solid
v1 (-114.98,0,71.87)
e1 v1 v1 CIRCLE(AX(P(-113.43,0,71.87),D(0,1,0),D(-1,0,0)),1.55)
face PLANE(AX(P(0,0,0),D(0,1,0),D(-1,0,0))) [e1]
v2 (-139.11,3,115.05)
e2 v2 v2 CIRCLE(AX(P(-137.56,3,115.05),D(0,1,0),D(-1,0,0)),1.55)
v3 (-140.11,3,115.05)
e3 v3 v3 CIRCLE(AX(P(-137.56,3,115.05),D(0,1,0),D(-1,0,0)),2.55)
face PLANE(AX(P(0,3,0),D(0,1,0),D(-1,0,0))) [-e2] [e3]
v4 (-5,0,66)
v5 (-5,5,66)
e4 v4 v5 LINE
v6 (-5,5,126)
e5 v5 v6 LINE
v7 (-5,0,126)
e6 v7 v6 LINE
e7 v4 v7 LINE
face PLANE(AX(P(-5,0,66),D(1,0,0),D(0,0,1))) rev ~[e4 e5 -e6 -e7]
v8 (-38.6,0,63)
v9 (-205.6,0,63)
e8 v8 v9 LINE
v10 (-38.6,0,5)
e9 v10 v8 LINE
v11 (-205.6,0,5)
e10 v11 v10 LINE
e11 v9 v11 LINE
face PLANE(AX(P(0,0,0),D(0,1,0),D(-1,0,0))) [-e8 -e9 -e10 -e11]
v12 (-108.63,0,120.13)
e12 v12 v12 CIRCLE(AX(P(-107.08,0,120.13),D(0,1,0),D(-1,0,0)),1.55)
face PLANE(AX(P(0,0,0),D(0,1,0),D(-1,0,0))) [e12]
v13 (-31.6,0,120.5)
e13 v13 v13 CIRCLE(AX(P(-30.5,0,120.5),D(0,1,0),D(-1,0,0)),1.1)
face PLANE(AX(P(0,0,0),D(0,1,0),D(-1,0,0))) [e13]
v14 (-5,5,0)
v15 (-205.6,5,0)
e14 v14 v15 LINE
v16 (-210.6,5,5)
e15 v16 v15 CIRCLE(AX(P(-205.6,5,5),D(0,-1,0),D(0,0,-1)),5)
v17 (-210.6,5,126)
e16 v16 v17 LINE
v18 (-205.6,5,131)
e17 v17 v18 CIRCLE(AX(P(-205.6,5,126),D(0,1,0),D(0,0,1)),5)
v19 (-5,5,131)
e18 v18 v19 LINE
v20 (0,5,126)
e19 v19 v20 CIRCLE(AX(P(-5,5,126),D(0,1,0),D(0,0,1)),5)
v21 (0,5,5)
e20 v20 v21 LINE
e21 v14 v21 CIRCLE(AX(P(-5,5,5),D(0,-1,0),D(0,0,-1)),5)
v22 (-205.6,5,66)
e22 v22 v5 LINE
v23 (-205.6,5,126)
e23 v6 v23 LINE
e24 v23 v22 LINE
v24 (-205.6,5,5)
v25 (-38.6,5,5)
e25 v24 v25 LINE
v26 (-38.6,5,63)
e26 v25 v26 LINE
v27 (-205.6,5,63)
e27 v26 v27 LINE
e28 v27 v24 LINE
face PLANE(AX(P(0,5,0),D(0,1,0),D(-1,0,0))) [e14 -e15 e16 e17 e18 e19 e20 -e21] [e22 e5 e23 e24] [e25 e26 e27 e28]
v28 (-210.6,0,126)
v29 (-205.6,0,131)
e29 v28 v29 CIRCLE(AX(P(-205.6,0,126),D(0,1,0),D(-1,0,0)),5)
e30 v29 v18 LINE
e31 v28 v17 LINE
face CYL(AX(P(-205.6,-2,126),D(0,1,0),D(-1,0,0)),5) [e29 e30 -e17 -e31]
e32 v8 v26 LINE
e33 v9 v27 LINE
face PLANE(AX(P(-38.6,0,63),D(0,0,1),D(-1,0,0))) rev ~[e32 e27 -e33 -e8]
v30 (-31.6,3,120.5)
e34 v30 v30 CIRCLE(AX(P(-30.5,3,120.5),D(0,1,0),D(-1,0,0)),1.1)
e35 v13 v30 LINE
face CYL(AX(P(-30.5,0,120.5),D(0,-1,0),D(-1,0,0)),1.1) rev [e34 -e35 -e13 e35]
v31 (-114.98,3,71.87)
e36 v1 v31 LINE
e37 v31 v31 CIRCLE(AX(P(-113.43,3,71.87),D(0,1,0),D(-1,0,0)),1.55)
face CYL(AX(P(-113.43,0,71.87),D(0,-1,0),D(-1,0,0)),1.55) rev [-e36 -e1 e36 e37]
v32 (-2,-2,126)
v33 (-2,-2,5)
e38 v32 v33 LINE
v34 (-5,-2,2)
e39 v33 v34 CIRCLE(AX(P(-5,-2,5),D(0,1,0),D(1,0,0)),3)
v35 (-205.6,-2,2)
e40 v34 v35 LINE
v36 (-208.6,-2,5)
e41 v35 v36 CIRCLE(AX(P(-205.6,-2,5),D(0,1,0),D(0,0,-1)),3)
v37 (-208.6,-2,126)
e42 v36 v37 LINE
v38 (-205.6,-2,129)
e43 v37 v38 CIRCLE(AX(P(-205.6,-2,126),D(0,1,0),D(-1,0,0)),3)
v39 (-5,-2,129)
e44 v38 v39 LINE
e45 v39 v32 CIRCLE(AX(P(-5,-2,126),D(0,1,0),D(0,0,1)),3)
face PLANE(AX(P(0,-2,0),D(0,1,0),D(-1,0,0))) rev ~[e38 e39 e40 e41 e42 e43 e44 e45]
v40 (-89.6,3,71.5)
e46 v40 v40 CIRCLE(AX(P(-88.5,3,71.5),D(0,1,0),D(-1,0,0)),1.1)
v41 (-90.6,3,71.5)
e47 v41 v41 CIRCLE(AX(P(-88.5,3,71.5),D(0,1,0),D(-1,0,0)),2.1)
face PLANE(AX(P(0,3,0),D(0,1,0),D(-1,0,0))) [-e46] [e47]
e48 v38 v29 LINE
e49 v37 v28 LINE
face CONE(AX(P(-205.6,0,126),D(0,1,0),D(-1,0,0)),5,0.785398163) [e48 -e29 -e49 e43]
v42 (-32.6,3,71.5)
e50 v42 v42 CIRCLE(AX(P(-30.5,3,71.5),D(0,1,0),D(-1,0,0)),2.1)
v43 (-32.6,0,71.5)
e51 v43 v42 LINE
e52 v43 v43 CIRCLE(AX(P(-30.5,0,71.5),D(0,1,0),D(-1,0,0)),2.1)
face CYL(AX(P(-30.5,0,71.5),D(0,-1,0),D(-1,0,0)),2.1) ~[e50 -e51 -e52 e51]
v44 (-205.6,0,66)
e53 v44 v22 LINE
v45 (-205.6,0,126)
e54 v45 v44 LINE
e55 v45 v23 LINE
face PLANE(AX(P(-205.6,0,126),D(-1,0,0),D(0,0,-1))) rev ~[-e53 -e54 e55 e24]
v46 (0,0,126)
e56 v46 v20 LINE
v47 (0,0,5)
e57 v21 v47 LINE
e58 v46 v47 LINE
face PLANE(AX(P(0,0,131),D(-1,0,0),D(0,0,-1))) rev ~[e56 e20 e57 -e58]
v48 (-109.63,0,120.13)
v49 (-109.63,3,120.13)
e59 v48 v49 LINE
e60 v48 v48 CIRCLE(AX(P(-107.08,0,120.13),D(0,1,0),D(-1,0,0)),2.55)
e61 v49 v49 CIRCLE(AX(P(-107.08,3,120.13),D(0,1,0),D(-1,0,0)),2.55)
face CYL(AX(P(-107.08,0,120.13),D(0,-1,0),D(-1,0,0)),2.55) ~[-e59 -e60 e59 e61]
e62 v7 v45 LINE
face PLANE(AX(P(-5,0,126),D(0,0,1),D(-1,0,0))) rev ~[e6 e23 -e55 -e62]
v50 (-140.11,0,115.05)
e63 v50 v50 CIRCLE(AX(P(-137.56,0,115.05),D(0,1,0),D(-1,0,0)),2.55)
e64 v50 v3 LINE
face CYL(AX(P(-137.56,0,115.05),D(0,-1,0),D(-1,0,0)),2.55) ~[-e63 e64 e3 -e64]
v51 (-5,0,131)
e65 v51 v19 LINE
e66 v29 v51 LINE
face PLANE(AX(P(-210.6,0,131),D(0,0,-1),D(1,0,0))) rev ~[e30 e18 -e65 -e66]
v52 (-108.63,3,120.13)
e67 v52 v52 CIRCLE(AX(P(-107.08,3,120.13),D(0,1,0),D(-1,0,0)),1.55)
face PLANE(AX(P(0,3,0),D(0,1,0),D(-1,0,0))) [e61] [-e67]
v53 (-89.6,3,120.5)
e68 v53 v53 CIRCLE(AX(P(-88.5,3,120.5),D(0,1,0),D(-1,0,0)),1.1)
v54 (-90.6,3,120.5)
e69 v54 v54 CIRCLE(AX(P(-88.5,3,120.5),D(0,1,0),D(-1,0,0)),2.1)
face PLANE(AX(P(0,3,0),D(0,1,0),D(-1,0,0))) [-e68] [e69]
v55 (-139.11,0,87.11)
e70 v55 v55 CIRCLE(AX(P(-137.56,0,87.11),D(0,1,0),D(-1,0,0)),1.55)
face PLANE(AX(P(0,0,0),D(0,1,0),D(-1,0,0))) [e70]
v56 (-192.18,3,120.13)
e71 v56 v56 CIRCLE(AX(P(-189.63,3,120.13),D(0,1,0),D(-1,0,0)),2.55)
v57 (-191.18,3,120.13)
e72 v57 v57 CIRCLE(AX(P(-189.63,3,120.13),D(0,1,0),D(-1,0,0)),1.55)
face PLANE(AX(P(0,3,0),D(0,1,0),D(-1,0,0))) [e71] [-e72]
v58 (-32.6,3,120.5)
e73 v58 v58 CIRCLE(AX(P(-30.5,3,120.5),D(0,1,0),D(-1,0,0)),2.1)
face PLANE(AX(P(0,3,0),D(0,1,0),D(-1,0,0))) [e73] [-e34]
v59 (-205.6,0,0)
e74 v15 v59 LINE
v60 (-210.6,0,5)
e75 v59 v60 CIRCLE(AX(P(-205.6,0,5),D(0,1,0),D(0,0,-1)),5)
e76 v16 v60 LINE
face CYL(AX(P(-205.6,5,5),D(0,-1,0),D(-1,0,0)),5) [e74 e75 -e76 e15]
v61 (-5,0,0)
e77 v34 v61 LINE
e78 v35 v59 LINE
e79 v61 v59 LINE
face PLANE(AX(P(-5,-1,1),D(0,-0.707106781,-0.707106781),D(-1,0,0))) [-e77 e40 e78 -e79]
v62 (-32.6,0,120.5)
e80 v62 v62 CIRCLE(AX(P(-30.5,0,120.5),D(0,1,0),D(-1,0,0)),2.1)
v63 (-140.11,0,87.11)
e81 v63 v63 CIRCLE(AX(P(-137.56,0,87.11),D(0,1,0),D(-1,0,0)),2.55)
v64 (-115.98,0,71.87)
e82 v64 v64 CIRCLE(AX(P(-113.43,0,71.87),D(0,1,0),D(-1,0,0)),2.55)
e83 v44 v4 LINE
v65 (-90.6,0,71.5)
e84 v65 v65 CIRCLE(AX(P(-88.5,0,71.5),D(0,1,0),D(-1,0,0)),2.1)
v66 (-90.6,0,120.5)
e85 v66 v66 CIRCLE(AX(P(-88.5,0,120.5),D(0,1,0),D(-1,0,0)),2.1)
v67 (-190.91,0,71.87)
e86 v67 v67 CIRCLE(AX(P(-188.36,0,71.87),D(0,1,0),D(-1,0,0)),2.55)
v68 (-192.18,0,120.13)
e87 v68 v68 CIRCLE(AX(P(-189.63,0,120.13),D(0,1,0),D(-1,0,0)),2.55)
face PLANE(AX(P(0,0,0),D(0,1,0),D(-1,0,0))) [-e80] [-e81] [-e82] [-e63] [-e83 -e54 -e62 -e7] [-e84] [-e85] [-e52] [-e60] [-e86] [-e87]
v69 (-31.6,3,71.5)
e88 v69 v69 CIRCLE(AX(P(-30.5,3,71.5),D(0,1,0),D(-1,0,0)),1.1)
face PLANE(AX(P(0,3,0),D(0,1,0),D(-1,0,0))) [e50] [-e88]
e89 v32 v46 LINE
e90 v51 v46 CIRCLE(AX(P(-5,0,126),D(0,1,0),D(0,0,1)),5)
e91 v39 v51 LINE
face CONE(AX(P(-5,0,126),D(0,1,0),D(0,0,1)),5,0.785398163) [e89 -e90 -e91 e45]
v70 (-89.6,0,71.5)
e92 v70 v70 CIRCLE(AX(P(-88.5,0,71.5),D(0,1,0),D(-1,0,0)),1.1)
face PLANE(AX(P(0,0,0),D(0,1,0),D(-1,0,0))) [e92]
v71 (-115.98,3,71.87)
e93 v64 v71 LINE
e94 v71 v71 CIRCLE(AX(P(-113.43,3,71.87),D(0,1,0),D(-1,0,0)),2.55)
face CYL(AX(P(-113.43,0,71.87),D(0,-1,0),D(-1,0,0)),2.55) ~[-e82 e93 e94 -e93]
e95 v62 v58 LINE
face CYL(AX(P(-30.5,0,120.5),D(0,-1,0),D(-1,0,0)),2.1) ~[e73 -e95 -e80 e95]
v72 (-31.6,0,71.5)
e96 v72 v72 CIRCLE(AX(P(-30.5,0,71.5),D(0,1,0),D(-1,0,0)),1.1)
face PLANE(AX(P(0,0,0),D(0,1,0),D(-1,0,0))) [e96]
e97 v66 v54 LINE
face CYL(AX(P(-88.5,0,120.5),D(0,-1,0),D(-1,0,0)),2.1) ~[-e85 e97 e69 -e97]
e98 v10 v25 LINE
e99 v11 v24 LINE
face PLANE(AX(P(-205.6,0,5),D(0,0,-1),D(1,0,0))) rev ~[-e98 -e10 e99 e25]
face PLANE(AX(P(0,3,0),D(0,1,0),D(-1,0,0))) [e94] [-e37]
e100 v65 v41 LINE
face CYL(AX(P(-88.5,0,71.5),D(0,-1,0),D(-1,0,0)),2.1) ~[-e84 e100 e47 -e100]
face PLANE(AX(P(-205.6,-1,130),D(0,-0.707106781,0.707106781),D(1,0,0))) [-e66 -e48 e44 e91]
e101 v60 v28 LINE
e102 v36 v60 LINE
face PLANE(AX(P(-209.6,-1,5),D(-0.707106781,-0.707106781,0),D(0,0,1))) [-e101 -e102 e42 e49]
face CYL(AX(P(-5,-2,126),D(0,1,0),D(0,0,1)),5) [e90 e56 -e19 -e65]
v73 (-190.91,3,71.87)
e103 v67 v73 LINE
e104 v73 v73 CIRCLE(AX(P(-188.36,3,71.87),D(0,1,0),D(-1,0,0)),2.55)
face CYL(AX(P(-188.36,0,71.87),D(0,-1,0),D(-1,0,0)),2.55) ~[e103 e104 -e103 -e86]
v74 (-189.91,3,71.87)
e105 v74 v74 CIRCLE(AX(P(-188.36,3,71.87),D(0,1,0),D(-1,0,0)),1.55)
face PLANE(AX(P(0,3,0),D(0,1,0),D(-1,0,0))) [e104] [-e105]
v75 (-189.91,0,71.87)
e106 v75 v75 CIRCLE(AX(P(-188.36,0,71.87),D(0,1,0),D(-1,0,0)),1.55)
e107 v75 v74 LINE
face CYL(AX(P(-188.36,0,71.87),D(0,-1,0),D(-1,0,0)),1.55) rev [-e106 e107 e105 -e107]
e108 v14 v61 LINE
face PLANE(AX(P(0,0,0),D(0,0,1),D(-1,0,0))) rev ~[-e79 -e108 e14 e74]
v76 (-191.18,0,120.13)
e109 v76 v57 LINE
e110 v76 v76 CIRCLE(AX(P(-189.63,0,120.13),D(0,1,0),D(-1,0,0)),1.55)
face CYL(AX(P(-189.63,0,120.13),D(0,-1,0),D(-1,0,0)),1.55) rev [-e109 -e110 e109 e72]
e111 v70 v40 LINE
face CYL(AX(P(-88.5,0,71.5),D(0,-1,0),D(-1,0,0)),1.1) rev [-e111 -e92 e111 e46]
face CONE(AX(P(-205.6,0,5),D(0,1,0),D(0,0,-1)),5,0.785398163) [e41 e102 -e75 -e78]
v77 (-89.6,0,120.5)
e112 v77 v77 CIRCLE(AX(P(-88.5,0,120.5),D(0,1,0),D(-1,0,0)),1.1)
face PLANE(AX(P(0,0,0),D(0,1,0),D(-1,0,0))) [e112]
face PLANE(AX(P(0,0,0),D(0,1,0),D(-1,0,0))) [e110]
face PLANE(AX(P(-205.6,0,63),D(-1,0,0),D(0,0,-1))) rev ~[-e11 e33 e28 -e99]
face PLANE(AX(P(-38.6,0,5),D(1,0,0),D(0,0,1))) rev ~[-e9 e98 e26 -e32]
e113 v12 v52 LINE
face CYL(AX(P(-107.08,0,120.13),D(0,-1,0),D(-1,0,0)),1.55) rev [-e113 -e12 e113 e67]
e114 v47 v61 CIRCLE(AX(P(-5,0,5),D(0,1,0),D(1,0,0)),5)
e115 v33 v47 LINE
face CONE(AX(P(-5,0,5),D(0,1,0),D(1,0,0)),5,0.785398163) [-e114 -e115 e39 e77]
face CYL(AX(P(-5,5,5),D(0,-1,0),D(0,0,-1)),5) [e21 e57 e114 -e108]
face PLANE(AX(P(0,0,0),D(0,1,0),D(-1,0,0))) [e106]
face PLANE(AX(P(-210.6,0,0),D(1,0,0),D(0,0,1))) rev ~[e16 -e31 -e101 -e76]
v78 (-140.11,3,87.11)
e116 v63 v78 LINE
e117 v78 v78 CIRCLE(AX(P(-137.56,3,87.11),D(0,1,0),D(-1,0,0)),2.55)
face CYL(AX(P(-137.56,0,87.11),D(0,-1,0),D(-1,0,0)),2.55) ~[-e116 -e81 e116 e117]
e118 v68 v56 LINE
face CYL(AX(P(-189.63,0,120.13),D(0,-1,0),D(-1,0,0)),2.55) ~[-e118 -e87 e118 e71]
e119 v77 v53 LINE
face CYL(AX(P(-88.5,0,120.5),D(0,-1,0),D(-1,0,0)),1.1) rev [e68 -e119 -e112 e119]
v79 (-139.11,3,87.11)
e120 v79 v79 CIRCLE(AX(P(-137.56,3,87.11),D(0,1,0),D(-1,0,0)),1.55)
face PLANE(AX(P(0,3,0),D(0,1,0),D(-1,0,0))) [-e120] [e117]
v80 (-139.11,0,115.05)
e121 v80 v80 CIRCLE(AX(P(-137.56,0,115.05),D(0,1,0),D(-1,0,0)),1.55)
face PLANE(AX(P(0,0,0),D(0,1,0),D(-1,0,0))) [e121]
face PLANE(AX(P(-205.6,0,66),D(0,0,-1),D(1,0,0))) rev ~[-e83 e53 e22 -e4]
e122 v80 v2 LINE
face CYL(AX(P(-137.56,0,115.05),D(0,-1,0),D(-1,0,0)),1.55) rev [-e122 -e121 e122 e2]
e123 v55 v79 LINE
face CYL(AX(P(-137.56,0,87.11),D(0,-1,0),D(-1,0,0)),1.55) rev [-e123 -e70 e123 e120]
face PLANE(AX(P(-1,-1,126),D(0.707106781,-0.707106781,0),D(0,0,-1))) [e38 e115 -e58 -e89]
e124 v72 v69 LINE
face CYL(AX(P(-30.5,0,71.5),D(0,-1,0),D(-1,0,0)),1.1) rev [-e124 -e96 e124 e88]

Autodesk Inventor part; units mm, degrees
ref_plane "YZ Plane" through (0, 0, 0) normal (1, 0, 0) x (0, 1, 0)
ref_plane "XZ Plane" through (0, 0, 0) normal (0, 1, 0) x (-1, 0, 0)
ref_plane "XY Plane" through (0, 0, 0) normal (0, 0, 1) x (1, 0, 0)
sketch "Sketch1" plane through (0, 0, 0) normal (0, 1, 0) x (-1, 0, 0)
  line L0 (210.6, 131) -> (0, 131)
  line L1 (0, 131) -> (0, 0)
  line L2 (0, 0) -> (210.6, 0)
  line L3 (210.6, 0) -> (210.6, 131)
  line L4 (92, 68) -> (7, 68) construction
  line L5 (7, 68) -> (7, 124) construction
  line L6 (7, 124) -> (92, 124) construction
  line L7 (92, 124) -> (92, 68) construction
  circle A0 centre (88.5, 71.5) radius 1.1
  circle A1 centre (88.5, 120.5) radius 1.1
  circle A2 centre (30.5, 71.5) radius 1.1
  circle A3 centre (30.5, 120.5) radius 1.1
  line L8 (0, 0) -> (-136.9444, 0) construction
  line L9 (0, 0) -> (0, -49.9102) construction
  circle A4 centre (88.5, 71.5) radius 2.1
  circle A5 centre (88.5, 120.5) radius 2.1
  circle A6 centre (30.5, 71.5) radius 2.1
  circle A7 centre (30.5, 120.5) radius 2.1
  line L10 (205.6, 66) -> (5, 66)
  line L11 (5, 66) -> (5, 126)
  line L12 (5, 126) -> (205.6, 126)
  line L13 (205.6, 126) -> (205.6, 66)
  line L14 (203.6, 69.33) -> (102, 69.33) construction
  line L15 (102, 69.33) -> (102, 122.67) construction
  line L16 (102, 122.67) -> (203.6, 122.67) construction
  line L17 (203.6, 122.67) -> (203.6, 69.33) construction
  line L18 (205.6, 5) -> (38.6, 5)
  line L19 (38.6, 5) -> (38.6, 63)
  line L20 (38.6, 63) -> (205.6, 63)
  line L21 (205.6, 63) -> (205.6, 5)
  circle A8 centre (188.36, 71.87) radius 2.55
  circle A9 centre (188.36, 71.87) radius 1.55
  circle A10 centre (113.43, 71.87) radius 2.55
  circle A11 centre (113.43, 71.87) radius 1.55
  circle A12 centre (189.63, 120.13) radius 1.55
  circle A13 centre (107.08, 120.13) radius 2.55
  circle A14 centre (189.63, 120.13) radius 2.55
  circle A15 centre (107.08, 120.13) radius 1.55
  circle A16 centre (137.56, 115.05) radius 2.55
  circle A17 centre (137.56, 115.05) radius 1.55
  circle A18 centre (137.56, 87.11) radius 2.55
  circle A19 centre (137.56, 87.11) radius 1.55
  point P0 (92, 96)
  point P1 (102, 96)
  point P2 (1.5544, 63)
  point P3 (2.0056, 63)
  point P4 (82.8344, 63)
  point P5 (83.2856, 63)
  dimension "d8" = 85
  dimension "d9" = 56
  dimension "d10" = 2.2
  dimension "d11" = 3.5
  dimension "d12" = 3.5
  dimension "d13" = 3.5
  dimension "d33" = 1
  dimension "d34" = 1
  dimension "d35" = 1
  dimension "d36" = 1
  dimension "d44" = 58
  dimension "d48" = 53.34
  dimension "d49" = 101.6
  dimension "d50" = 167
  dimension "d51" = 58
  dimension "d52" = 5
  dimension "d55" = 2
  dimension "d56" = 2
  dimension "d57" = 2
  dimension "d58" = 10
  dimension "d59" = 5
  dimension "d60" = 15.24
  dimension "d61" = 2.54
  dimension "d62" = 3.1
  dimension "d63" = 1
  dimension "d64" = 90.17
  dimension "d65" = 13.97
  dimension "d66" = 96.52
  dimension "d68" = 66.04
  dimension "d70" = 45.72
  dimension "d71" = 17.78
  dimension "d73" = 5
  dimension "d74" = 50.8
  dimension "d76" = 3
  dimension "d77" = 2
  dimension "d78" = 5
extrude "Extrusion1" add sketch "Sketch1" against normal blind 2 contours L3 L2 L1 L0 | A0 | A1 | A2 | A3 | A4 | A5 | A6 | A7 | L10 L11 L12 L13 | L18 L19 L20 L21 | A8 | A9 | A10 | A11 | A12 | A13 | A14 | A15 | A16 | A17 | A18 | A19
extrude "Extrusion2" add sketch "Sketch1" along normal blind 5 contours L3 L2 L1 L0
extrude "Extrusion3" add sketch "Sketch1" along normal blind 3 contours A4 | A5 | A6 | A7 | A8 | A10 | A13 | A14 | A16 | A18
fillet "Fillet1" radius 5 4 edges at (-210.6, 1.5, 0) (0, 1.5, 131) (-210.6, 1.5, 131) (0, 1.5, 0)
chamfer "Chamfer1" distance 2 angle 45 8 edges at (-105.3, -2, 131) (-209.1355, -2, 129.5355) (-210.6, -2, 65.5) (-209.1355, -2, 1.4645) (-105.3, -2, 0) (-1.4645, -2, 1.4645) (0, -2, 65.5) (-1.4645, -2, 129.5355)
equation "\"d12\" = d11"
equation "\"d13\" = d11"
equation "\"board_border\" = 2"
equation "\"base_wall\" = 5"
properties part number "Electronic Base"
